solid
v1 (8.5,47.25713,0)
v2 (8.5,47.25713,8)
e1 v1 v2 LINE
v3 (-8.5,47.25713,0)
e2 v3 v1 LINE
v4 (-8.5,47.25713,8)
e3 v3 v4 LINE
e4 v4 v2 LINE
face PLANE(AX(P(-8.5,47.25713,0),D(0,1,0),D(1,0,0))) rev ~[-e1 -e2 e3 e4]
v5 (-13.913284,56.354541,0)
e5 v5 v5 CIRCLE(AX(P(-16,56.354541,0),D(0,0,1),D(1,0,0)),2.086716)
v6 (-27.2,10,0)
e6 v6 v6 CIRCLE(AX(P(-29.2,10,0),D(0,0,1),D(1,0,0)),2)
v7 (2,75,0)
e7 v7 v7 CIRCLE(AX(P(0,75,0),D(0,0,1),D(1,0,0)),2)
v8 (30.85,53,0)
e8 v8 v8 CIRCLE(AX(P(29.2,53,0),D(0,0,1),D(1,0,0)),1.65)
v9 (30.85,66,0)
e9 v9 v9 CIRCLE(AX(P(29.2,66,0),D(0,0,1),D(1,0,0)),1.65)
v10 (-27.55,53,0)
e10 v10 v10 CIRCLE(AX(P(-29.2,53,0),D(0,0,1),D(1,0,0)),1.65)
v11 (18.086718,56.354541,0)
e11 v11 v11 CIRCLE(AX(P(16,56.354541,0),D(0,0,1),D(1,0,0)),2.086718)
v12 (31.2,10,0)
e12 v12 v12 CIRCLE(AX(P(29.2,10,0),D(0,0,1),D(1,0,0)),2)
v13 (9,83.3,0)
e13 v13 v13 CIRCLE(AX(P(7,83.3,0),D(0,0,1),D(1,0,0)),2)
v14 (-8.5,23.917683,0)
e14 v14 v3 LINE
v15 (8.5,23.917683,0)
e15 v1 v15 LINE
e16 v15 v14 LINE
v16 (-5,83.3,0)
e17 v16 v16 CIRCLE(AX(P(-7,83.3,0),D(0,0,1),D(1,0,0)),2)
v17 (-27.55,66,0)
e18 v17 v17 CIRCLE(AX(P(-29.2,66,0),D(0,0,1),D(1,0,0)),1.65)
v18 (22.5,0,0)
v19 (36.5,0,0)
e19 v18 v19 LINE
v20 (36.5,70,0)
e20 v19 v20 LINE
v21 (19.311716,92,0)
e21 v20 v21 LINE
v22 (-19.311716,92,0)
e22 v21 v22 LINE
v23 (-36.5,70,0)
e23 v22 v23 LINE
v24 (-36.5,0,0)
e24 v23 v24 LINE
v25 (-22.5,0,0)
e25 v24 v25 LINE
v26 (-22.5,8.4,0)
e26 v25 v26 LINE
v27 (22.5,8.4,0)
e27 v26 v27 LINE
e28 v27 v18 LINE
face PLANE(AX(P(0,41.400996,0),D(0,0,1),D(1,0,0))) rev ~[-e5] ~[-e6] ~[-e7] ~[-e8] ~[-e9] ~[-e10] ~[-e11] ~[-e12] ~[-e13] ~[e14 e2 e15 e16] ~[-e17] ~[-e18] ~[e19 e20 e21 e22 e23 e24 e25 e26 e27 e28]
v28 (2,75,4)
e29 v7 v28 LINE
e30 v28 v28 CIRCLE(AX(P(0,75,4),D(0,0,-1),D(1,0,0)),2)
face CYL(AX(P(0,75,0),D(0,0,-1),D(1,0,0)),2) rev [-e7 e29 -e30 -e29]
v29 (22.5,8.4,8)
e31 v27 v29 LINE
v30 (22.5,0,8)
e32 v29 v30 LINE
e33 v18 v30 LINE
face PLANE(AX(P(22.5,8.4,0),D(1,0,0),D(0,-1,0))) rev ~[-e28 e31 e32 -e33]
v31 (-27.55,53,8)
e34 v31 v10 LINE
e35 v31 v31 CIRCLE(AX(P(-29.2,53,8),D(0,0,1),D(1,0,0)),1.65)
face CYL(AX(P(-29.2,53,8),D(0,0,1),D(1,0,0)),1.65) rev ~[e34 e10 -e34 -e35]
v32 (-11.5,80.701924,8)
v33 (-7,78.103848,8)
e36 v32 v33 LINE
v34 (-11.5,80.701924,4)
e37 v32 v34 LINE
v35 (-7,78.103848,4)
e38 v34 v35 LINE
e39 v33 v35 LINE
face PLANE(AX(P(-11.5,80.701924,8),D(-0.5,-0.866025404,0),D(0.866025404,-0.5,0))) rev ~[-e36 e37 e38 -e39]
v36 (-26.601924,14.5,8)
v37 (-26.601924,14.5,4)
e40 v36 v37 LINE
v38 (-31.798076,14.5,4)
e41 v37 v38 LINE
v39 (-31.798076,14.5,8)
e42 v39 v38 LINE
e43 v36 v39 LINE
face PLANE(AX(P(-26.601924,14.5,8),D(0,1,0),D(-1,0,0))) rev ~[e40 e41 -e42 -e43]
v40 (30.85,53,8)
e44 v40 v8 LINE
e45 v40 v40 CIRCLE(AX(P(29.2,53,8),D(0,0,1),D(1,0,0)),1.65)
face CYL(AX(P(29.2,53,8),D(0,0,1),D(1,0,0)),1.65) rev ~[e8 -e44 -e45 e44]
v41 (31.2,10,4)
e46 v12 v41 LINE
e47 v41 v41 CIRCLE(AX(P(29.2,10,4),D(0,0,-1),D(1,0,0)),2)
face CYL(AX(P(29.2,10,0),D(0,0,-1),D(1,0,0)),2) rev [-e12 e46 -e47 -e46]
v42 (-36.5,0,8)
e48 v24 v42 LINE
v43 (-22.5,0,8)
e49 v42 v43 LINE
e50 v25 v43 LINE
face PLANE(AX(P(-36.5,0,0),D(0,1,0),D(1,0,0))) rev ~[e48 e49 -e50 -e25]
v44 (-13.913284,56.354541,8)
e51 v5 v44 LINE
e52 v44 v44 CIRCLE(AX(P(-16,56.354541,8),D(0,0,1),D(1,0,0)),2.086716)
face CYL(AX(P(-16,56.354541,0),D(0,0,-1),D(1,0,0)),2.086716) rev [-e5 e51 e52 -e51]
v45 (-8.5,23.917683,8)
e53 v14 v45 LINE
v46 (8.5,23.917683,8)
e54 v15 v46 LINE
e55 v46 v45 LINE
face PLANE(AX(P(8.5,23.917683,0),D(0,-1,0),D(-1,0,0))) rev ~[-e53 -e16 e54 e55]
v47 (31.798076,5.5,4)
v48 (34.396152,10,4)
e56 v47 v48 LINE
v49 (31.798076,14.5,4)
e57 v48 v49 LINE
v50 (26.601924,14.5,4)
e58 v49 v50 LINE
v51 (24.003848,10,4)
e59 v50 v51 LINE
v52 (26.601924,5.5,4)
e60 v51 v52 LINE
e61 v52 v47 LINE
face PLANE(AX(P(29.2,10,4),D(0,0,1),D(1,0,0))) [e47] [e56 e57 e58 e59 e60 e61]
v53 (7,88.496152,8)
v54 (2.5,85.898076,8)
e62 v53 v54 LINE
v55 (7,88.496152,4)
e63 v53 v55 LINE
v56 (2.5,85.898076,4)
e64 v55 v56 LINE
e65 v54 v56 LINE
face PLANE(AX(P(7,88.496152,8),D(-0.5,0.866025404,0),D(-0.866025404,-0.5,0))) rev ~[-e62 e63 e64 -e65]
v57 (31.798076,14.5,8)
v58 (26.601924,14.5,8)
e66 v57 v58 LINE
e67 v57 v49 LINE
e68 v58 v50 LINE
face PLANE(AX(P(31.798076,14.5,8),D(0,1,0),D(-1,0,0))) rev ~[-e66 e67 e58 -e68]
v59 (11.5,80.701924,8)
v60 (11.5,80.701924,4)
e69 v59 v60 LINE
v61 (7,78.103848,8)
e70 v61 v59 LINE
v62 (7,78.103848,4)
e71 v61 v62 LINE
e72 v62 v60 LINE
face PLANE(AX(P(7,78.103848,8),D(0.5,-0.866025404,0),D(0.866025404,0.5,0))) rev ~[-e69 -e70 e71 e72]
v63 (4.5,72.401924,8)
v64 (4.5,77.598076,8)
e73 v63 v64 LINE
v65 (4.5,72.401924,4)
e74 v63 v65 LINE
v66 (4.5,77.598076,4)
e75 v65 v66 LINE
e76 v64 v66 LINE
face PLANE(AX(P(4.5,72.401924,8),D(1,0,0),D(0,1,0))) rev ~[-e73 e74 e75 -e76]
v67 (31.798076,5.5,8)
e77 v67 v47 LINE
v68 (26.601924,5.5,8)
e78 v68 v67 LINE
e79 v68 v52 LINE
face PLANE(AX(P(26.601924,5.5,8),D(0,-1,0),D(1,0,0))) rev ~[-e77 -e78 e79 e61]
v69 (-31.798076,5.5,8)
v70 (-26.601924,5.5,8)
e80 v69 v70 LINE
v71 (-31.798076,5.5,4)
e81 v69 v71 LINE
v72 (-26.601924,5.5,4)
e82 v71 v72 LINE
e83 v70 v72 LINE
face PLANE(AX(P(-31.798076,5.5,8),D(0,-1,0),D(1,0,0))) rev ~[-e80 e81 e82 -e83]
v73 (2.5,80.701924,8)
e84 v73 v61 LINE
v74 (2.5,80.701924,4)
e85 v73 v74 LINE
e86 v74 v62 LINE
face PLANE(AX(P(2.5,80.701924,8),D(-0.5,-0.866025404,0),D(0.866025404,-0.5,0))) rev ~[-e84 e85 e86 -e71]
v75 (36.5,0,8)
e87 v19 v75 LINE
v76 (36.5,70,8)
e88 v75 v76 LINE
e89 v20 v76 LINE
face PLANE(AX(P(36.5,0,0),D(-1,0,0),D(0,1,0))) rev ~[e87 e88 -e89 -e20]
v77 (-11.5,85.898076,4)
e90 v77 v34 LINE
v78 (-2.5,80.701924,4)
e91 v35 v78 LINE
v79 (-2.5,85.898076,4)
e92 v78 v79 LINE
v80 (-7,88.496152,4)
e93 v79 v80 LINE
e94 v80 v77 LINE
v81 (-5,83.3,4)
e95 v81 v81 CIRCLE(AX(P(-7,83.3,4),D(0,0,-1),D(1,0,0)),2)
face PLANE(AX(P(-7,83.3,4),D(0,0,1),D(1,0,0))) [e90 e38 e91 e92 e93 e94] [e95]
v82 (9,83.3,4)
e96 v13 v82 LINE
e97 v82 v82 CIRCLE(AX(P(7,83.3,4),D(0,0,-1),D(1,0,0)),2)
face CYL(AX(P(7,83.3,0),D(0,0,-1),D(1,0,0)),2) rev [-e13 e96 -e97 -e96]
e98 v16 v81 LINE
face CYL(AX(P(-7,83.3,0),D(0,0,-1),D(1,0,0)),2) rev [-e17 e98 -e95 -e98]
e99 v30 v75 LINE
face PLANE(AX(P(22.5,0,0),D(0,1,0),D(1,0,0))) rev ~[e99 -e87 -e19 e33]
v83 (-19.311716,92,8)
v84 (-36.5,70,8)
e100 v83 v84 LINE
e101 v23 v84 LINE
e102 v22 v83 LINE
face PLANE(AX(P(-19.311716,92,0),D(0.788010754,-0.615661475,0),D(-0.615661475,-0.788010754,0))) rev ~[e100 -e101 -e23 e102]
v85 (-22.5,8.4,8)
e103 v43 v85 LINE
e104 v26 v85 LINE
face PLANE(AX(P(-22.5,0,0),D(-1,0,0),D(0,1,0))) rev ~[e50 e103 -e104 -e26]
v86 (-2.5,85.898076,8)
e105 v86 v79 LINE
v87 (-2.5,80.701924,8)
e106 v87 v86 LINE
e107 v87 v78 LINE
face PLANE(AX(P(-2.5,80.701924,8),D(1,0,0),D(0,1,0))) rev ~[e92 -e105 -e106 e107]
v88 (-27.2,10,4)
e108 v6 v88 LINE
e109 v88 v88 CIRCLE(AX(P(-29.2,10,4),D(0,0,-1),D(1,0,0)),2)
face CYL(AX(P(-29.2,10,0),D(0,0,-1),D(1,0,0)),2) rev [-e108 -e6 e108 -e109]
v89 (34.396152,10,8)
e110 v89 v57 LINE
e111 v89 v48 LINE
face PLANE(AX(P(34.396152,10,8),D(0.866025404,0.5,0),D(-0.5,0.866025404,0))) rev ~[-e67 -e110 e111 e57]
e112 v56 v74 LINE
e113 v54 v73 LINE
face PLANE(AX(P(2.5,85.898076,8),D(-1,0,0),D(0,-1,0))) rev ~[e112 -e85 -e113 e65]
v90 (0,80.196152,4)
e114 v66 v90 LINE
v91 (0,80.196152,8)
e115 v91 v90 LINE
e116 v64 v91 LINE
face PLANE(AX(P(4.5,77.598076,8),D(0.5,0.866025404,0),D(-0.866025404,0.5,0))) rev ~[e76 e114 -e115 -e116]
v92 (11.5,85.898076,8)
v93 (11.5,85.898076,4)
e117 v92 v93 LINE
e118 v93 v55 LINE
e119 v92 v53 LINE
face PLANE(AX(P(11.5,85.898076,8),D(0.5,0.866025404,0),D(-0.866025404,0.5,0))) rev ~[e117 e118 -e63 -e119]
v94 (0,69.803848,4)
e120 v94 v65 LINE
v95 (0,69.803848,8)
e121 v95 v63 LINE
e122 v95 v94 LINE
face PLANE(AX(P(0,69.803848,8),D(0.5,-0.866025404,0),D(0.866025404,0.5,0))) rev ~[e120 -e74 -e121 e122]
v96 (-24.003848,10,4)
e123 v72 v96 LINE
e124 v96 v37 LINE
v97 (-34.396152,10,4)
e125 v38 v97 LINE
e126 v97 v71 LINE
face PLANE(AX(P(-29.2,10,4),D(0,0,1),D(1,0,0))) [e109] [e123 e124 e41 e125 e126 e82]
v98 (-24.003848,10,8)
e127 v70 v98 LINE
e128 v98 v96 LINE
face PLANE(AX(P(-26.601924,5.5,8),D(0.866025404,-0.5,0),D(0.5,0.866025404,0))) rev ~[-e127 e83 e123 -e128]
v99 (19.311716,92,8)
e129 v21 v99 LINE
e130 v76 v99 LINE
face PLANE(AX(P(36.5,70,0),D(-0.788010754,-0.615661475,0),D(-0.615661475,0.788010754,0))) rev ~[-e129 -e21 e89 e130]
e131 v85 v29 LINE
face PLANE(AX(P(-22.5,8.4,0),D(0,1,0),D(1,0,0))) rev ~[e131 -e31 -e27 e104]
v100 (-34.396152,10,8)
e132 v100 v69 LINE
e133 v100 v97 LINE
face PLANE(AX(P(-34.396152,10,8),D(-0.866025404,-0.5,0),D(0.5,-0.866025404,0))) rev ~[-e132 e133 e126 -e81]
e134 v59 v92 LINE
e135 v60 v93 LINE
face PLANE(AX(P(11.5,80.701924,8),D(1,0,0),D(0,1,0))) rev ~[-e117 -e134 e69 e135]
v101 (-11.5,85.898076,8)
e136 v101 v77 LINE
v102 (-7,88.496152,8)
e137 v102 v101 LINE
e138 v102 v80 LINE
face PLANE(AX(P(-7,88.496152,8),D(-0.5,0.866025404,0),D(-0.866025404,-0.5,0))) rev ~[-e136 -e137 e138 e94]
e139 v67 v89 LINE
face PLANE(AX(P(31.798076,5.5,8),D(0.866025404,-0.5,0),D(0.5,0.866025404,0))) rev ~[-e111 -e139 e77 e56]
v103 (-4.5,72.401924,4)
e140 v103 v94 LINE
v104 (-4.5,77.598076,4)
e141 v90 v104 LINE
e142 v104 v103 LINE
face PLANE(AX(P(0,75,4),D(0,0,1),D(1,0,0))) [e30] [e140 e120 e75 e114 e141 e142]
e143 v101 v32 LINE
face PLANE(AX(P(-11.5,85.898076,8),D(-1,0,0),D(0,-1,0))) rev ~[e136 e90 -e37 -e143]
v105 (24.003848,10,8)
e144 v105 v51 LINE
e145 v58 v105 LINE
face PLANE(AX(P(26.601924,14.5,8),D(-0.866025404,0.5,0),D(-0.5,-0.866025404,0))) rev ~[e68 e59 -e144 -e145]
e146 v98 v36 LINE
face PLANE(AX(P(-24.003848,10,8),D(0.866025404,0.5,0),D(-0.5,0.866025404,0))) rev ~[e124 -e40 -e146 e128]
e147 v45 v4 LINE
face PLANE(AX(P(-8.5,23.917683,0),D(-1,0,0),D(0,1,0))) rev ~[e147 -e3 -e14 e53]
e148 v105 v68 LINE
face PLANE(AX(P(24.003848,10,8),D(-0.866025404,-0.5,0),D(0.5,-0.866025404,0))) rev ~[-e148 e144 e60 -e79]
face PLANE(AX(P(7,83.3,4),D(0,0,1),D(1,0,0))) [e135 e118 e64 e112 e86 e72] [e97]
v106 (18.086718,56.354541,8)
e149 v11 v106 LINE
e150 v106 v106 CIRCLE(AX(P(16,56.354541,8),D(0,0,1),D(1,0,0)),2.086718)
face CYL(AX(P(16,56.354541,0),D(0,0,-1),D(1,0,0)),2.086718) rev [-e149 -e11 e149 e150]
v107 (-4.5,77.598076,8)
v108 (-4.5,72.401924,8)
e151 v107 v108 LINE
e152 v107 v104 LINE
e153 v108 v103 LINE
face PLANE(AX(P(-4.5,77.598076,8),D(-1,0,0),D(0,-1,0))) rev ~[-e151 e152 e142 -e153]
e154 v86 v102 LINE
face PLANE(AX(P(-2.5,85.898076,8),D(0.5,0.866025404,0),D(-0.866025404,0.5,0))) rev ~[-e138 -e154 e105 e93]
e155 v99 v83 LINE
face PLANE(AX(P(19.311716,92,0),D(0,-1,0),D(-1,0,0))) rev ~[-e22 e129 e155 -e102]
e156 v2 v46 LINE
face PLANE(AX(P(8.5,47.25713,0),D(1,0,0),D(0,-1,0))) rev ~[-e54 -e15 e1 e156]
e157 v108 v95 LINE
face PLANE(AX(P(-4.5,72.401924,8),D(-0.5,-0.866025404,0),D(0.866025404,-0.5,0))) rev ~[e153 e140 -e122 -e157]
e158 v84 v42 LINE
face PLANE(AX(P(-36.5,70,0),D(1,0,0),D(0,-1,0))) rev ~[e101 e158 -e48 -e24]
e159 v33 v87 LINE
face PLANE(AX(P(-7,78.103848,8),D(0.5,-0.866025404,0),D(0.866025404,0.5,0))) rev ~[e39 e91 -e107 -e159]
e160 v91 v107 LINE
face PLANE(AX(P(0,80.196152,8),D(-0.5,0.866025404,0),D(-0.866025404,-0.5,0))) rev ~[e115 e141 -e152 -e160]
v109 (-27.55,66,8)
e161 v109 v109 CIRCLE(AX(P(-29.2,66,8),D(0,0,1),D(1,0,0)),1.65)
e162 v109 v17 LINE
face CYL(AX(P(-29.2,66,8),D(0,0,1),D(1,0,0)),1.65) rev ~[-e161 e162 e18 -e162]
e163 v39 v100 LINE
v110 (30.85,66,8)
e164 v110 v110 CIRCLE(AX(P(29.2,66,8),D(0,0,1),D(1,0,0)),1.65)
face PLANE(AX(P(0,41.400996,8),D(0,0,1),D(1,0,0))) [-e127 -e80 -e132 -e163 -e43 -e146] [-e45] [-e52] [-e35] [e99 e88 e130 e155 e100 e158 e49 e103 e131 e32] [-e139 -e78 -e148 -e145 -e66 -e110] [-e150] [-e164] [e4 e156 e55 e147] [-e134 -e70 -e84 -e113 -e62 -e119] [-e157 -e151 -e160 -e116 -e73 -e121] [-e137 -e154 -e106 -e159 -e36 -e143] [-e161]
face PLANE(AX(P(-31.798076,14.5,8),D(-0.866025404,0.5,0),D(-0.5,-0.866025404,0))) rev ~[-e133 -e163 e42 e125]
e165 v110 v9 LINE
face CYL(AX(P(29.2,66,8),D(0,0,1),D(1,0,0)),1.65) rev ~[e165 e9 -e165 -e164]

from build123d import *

# Parameters (mm, degrees)
ESBO_O1_R                = 2
ESBO_O1_R_2              = 2.086716092
ESBO_O1_R_3              = 2.086717953
RESSALTO_EXTRUS_O1_DEPTH = 8
ESBO_O4_R                = 1.65
CORTE_EXTRUS_O1_DEPTH    = 100.298791533
CORTE_EXTRUS_O2_DEPTH    = 4


with BuildPart() as part:
    # Esboço1 → Ressalto-extrusão1 (new body)
    with BuildSketch(Plane.XY):
        Polygon((19.311716217, 92), (-19.311716217, 92), (-36.5, 70), (-36.5, 0), (-22.499999998, 0), (-22.499999998, 8.400000004), (22.499999998, 8.400000004), (22.499999998, 0), (36.5, 0), (36.5, 70), align=None)
        with Locations((0, 75)):
            Circle(ESBO_O1_R, mode=Mode.SUBTRACT)
        with Locations((-7, 83.3)):
            Circle(ESBO_O1_R, mode=Mode.SUBTRACT)
        with Locations((7, 83.3)):
            Circle(ESBO_O1_R, mode=Mode.SUBTRACT)
        with Locations((-29.2, 10)):
            Circle(ESBO_O1_R, mode=Mode.SUBTRACT)
        with Locations((29.2, 10)):
            Circle(ESBO_O1_R, mode=Mode.SUBTRACT)
        with Locations((-16, 56.354540575)):
            Circle(ESBO_O1_R_2, mode=Mode.SUBTRACT)
        with Locations((16, 56.354540575)):
            Circle(ESBO_O1_R_3, mode=Mode.SUBTRACT)
        Polygon((0, 47.257129716), (8.5, 47.257129716), (8.5, 23.917682695), (0, 23.917682695), (-8.5, 23.917682695), (-8.5, 47.257129716), align=None, mode=Mode.SUBTRACT)
    extrude(amount=RESSALTO_EXTRUS_O1_DEPTH)

    # Esboço4 → Corte-extrusão1 (cut, through all)
    with BuildSketch(Plane.XY.offset(8)):
        with Locations((-29.2, 66)):
            Circle(ESBO_O4_R)
        with Locations((-29.2, 53)):
            Circle(ESBO_O4_R)
        with Locations((29.2, 53)):
            Circle(ESBO_O4_R)
        with Locations((29.2, 66)):
            Circle(ESBO_O4_R)
    extrude(amount=-CORTE_EXTRUS_O1_DEPTH, mode=Mode.SUBTRACT)

    # Esboço5 → Corte-extrusão2 (cut)
    with BuildSketch(Plane.XY.offset(8)):
        Polygon((4.5, 72.401923789), (4.5, 77.598076211), (0, 80.196152423), (-4.5, 77.598076211), (-4.5, 72.401923789), (0, 69.803847577), align=None)
        Polygon((-26.601923789, 14.5), (-31.798076211, 14.5), (-34.396152423, 10), (-31.798076211, 5.5), (-26.601923789, 5.5), (-24.003847577, 10), align=None)
        Polygon((-11.5, 80.701923789), (-7, 78.103847577), (-2.5, 80.701923789), (-2.5, 85.898076211), (-7, 88.496152423), (-11.5, 85.898076211), align=None)
        Polygon((11.5, 80.701923789), (11.5, 85.898076211), (7, 88.496152423), (2.5, 85.898076211), (2.5, 80.701923789), (7, 78.103847577), align=None)
        Polygon((31.798076211, 5.5), (34.396152423, 10), (31.798076211, 14.5), (26.601923789, 14.5), (24.003847577, 10), (26.601923789, 5.5), align=None)
    extrude(amount=-CORTE_EXTRUS_O2_DEPTH, mode=Mode.SUBTRACT)


solid = part.part
